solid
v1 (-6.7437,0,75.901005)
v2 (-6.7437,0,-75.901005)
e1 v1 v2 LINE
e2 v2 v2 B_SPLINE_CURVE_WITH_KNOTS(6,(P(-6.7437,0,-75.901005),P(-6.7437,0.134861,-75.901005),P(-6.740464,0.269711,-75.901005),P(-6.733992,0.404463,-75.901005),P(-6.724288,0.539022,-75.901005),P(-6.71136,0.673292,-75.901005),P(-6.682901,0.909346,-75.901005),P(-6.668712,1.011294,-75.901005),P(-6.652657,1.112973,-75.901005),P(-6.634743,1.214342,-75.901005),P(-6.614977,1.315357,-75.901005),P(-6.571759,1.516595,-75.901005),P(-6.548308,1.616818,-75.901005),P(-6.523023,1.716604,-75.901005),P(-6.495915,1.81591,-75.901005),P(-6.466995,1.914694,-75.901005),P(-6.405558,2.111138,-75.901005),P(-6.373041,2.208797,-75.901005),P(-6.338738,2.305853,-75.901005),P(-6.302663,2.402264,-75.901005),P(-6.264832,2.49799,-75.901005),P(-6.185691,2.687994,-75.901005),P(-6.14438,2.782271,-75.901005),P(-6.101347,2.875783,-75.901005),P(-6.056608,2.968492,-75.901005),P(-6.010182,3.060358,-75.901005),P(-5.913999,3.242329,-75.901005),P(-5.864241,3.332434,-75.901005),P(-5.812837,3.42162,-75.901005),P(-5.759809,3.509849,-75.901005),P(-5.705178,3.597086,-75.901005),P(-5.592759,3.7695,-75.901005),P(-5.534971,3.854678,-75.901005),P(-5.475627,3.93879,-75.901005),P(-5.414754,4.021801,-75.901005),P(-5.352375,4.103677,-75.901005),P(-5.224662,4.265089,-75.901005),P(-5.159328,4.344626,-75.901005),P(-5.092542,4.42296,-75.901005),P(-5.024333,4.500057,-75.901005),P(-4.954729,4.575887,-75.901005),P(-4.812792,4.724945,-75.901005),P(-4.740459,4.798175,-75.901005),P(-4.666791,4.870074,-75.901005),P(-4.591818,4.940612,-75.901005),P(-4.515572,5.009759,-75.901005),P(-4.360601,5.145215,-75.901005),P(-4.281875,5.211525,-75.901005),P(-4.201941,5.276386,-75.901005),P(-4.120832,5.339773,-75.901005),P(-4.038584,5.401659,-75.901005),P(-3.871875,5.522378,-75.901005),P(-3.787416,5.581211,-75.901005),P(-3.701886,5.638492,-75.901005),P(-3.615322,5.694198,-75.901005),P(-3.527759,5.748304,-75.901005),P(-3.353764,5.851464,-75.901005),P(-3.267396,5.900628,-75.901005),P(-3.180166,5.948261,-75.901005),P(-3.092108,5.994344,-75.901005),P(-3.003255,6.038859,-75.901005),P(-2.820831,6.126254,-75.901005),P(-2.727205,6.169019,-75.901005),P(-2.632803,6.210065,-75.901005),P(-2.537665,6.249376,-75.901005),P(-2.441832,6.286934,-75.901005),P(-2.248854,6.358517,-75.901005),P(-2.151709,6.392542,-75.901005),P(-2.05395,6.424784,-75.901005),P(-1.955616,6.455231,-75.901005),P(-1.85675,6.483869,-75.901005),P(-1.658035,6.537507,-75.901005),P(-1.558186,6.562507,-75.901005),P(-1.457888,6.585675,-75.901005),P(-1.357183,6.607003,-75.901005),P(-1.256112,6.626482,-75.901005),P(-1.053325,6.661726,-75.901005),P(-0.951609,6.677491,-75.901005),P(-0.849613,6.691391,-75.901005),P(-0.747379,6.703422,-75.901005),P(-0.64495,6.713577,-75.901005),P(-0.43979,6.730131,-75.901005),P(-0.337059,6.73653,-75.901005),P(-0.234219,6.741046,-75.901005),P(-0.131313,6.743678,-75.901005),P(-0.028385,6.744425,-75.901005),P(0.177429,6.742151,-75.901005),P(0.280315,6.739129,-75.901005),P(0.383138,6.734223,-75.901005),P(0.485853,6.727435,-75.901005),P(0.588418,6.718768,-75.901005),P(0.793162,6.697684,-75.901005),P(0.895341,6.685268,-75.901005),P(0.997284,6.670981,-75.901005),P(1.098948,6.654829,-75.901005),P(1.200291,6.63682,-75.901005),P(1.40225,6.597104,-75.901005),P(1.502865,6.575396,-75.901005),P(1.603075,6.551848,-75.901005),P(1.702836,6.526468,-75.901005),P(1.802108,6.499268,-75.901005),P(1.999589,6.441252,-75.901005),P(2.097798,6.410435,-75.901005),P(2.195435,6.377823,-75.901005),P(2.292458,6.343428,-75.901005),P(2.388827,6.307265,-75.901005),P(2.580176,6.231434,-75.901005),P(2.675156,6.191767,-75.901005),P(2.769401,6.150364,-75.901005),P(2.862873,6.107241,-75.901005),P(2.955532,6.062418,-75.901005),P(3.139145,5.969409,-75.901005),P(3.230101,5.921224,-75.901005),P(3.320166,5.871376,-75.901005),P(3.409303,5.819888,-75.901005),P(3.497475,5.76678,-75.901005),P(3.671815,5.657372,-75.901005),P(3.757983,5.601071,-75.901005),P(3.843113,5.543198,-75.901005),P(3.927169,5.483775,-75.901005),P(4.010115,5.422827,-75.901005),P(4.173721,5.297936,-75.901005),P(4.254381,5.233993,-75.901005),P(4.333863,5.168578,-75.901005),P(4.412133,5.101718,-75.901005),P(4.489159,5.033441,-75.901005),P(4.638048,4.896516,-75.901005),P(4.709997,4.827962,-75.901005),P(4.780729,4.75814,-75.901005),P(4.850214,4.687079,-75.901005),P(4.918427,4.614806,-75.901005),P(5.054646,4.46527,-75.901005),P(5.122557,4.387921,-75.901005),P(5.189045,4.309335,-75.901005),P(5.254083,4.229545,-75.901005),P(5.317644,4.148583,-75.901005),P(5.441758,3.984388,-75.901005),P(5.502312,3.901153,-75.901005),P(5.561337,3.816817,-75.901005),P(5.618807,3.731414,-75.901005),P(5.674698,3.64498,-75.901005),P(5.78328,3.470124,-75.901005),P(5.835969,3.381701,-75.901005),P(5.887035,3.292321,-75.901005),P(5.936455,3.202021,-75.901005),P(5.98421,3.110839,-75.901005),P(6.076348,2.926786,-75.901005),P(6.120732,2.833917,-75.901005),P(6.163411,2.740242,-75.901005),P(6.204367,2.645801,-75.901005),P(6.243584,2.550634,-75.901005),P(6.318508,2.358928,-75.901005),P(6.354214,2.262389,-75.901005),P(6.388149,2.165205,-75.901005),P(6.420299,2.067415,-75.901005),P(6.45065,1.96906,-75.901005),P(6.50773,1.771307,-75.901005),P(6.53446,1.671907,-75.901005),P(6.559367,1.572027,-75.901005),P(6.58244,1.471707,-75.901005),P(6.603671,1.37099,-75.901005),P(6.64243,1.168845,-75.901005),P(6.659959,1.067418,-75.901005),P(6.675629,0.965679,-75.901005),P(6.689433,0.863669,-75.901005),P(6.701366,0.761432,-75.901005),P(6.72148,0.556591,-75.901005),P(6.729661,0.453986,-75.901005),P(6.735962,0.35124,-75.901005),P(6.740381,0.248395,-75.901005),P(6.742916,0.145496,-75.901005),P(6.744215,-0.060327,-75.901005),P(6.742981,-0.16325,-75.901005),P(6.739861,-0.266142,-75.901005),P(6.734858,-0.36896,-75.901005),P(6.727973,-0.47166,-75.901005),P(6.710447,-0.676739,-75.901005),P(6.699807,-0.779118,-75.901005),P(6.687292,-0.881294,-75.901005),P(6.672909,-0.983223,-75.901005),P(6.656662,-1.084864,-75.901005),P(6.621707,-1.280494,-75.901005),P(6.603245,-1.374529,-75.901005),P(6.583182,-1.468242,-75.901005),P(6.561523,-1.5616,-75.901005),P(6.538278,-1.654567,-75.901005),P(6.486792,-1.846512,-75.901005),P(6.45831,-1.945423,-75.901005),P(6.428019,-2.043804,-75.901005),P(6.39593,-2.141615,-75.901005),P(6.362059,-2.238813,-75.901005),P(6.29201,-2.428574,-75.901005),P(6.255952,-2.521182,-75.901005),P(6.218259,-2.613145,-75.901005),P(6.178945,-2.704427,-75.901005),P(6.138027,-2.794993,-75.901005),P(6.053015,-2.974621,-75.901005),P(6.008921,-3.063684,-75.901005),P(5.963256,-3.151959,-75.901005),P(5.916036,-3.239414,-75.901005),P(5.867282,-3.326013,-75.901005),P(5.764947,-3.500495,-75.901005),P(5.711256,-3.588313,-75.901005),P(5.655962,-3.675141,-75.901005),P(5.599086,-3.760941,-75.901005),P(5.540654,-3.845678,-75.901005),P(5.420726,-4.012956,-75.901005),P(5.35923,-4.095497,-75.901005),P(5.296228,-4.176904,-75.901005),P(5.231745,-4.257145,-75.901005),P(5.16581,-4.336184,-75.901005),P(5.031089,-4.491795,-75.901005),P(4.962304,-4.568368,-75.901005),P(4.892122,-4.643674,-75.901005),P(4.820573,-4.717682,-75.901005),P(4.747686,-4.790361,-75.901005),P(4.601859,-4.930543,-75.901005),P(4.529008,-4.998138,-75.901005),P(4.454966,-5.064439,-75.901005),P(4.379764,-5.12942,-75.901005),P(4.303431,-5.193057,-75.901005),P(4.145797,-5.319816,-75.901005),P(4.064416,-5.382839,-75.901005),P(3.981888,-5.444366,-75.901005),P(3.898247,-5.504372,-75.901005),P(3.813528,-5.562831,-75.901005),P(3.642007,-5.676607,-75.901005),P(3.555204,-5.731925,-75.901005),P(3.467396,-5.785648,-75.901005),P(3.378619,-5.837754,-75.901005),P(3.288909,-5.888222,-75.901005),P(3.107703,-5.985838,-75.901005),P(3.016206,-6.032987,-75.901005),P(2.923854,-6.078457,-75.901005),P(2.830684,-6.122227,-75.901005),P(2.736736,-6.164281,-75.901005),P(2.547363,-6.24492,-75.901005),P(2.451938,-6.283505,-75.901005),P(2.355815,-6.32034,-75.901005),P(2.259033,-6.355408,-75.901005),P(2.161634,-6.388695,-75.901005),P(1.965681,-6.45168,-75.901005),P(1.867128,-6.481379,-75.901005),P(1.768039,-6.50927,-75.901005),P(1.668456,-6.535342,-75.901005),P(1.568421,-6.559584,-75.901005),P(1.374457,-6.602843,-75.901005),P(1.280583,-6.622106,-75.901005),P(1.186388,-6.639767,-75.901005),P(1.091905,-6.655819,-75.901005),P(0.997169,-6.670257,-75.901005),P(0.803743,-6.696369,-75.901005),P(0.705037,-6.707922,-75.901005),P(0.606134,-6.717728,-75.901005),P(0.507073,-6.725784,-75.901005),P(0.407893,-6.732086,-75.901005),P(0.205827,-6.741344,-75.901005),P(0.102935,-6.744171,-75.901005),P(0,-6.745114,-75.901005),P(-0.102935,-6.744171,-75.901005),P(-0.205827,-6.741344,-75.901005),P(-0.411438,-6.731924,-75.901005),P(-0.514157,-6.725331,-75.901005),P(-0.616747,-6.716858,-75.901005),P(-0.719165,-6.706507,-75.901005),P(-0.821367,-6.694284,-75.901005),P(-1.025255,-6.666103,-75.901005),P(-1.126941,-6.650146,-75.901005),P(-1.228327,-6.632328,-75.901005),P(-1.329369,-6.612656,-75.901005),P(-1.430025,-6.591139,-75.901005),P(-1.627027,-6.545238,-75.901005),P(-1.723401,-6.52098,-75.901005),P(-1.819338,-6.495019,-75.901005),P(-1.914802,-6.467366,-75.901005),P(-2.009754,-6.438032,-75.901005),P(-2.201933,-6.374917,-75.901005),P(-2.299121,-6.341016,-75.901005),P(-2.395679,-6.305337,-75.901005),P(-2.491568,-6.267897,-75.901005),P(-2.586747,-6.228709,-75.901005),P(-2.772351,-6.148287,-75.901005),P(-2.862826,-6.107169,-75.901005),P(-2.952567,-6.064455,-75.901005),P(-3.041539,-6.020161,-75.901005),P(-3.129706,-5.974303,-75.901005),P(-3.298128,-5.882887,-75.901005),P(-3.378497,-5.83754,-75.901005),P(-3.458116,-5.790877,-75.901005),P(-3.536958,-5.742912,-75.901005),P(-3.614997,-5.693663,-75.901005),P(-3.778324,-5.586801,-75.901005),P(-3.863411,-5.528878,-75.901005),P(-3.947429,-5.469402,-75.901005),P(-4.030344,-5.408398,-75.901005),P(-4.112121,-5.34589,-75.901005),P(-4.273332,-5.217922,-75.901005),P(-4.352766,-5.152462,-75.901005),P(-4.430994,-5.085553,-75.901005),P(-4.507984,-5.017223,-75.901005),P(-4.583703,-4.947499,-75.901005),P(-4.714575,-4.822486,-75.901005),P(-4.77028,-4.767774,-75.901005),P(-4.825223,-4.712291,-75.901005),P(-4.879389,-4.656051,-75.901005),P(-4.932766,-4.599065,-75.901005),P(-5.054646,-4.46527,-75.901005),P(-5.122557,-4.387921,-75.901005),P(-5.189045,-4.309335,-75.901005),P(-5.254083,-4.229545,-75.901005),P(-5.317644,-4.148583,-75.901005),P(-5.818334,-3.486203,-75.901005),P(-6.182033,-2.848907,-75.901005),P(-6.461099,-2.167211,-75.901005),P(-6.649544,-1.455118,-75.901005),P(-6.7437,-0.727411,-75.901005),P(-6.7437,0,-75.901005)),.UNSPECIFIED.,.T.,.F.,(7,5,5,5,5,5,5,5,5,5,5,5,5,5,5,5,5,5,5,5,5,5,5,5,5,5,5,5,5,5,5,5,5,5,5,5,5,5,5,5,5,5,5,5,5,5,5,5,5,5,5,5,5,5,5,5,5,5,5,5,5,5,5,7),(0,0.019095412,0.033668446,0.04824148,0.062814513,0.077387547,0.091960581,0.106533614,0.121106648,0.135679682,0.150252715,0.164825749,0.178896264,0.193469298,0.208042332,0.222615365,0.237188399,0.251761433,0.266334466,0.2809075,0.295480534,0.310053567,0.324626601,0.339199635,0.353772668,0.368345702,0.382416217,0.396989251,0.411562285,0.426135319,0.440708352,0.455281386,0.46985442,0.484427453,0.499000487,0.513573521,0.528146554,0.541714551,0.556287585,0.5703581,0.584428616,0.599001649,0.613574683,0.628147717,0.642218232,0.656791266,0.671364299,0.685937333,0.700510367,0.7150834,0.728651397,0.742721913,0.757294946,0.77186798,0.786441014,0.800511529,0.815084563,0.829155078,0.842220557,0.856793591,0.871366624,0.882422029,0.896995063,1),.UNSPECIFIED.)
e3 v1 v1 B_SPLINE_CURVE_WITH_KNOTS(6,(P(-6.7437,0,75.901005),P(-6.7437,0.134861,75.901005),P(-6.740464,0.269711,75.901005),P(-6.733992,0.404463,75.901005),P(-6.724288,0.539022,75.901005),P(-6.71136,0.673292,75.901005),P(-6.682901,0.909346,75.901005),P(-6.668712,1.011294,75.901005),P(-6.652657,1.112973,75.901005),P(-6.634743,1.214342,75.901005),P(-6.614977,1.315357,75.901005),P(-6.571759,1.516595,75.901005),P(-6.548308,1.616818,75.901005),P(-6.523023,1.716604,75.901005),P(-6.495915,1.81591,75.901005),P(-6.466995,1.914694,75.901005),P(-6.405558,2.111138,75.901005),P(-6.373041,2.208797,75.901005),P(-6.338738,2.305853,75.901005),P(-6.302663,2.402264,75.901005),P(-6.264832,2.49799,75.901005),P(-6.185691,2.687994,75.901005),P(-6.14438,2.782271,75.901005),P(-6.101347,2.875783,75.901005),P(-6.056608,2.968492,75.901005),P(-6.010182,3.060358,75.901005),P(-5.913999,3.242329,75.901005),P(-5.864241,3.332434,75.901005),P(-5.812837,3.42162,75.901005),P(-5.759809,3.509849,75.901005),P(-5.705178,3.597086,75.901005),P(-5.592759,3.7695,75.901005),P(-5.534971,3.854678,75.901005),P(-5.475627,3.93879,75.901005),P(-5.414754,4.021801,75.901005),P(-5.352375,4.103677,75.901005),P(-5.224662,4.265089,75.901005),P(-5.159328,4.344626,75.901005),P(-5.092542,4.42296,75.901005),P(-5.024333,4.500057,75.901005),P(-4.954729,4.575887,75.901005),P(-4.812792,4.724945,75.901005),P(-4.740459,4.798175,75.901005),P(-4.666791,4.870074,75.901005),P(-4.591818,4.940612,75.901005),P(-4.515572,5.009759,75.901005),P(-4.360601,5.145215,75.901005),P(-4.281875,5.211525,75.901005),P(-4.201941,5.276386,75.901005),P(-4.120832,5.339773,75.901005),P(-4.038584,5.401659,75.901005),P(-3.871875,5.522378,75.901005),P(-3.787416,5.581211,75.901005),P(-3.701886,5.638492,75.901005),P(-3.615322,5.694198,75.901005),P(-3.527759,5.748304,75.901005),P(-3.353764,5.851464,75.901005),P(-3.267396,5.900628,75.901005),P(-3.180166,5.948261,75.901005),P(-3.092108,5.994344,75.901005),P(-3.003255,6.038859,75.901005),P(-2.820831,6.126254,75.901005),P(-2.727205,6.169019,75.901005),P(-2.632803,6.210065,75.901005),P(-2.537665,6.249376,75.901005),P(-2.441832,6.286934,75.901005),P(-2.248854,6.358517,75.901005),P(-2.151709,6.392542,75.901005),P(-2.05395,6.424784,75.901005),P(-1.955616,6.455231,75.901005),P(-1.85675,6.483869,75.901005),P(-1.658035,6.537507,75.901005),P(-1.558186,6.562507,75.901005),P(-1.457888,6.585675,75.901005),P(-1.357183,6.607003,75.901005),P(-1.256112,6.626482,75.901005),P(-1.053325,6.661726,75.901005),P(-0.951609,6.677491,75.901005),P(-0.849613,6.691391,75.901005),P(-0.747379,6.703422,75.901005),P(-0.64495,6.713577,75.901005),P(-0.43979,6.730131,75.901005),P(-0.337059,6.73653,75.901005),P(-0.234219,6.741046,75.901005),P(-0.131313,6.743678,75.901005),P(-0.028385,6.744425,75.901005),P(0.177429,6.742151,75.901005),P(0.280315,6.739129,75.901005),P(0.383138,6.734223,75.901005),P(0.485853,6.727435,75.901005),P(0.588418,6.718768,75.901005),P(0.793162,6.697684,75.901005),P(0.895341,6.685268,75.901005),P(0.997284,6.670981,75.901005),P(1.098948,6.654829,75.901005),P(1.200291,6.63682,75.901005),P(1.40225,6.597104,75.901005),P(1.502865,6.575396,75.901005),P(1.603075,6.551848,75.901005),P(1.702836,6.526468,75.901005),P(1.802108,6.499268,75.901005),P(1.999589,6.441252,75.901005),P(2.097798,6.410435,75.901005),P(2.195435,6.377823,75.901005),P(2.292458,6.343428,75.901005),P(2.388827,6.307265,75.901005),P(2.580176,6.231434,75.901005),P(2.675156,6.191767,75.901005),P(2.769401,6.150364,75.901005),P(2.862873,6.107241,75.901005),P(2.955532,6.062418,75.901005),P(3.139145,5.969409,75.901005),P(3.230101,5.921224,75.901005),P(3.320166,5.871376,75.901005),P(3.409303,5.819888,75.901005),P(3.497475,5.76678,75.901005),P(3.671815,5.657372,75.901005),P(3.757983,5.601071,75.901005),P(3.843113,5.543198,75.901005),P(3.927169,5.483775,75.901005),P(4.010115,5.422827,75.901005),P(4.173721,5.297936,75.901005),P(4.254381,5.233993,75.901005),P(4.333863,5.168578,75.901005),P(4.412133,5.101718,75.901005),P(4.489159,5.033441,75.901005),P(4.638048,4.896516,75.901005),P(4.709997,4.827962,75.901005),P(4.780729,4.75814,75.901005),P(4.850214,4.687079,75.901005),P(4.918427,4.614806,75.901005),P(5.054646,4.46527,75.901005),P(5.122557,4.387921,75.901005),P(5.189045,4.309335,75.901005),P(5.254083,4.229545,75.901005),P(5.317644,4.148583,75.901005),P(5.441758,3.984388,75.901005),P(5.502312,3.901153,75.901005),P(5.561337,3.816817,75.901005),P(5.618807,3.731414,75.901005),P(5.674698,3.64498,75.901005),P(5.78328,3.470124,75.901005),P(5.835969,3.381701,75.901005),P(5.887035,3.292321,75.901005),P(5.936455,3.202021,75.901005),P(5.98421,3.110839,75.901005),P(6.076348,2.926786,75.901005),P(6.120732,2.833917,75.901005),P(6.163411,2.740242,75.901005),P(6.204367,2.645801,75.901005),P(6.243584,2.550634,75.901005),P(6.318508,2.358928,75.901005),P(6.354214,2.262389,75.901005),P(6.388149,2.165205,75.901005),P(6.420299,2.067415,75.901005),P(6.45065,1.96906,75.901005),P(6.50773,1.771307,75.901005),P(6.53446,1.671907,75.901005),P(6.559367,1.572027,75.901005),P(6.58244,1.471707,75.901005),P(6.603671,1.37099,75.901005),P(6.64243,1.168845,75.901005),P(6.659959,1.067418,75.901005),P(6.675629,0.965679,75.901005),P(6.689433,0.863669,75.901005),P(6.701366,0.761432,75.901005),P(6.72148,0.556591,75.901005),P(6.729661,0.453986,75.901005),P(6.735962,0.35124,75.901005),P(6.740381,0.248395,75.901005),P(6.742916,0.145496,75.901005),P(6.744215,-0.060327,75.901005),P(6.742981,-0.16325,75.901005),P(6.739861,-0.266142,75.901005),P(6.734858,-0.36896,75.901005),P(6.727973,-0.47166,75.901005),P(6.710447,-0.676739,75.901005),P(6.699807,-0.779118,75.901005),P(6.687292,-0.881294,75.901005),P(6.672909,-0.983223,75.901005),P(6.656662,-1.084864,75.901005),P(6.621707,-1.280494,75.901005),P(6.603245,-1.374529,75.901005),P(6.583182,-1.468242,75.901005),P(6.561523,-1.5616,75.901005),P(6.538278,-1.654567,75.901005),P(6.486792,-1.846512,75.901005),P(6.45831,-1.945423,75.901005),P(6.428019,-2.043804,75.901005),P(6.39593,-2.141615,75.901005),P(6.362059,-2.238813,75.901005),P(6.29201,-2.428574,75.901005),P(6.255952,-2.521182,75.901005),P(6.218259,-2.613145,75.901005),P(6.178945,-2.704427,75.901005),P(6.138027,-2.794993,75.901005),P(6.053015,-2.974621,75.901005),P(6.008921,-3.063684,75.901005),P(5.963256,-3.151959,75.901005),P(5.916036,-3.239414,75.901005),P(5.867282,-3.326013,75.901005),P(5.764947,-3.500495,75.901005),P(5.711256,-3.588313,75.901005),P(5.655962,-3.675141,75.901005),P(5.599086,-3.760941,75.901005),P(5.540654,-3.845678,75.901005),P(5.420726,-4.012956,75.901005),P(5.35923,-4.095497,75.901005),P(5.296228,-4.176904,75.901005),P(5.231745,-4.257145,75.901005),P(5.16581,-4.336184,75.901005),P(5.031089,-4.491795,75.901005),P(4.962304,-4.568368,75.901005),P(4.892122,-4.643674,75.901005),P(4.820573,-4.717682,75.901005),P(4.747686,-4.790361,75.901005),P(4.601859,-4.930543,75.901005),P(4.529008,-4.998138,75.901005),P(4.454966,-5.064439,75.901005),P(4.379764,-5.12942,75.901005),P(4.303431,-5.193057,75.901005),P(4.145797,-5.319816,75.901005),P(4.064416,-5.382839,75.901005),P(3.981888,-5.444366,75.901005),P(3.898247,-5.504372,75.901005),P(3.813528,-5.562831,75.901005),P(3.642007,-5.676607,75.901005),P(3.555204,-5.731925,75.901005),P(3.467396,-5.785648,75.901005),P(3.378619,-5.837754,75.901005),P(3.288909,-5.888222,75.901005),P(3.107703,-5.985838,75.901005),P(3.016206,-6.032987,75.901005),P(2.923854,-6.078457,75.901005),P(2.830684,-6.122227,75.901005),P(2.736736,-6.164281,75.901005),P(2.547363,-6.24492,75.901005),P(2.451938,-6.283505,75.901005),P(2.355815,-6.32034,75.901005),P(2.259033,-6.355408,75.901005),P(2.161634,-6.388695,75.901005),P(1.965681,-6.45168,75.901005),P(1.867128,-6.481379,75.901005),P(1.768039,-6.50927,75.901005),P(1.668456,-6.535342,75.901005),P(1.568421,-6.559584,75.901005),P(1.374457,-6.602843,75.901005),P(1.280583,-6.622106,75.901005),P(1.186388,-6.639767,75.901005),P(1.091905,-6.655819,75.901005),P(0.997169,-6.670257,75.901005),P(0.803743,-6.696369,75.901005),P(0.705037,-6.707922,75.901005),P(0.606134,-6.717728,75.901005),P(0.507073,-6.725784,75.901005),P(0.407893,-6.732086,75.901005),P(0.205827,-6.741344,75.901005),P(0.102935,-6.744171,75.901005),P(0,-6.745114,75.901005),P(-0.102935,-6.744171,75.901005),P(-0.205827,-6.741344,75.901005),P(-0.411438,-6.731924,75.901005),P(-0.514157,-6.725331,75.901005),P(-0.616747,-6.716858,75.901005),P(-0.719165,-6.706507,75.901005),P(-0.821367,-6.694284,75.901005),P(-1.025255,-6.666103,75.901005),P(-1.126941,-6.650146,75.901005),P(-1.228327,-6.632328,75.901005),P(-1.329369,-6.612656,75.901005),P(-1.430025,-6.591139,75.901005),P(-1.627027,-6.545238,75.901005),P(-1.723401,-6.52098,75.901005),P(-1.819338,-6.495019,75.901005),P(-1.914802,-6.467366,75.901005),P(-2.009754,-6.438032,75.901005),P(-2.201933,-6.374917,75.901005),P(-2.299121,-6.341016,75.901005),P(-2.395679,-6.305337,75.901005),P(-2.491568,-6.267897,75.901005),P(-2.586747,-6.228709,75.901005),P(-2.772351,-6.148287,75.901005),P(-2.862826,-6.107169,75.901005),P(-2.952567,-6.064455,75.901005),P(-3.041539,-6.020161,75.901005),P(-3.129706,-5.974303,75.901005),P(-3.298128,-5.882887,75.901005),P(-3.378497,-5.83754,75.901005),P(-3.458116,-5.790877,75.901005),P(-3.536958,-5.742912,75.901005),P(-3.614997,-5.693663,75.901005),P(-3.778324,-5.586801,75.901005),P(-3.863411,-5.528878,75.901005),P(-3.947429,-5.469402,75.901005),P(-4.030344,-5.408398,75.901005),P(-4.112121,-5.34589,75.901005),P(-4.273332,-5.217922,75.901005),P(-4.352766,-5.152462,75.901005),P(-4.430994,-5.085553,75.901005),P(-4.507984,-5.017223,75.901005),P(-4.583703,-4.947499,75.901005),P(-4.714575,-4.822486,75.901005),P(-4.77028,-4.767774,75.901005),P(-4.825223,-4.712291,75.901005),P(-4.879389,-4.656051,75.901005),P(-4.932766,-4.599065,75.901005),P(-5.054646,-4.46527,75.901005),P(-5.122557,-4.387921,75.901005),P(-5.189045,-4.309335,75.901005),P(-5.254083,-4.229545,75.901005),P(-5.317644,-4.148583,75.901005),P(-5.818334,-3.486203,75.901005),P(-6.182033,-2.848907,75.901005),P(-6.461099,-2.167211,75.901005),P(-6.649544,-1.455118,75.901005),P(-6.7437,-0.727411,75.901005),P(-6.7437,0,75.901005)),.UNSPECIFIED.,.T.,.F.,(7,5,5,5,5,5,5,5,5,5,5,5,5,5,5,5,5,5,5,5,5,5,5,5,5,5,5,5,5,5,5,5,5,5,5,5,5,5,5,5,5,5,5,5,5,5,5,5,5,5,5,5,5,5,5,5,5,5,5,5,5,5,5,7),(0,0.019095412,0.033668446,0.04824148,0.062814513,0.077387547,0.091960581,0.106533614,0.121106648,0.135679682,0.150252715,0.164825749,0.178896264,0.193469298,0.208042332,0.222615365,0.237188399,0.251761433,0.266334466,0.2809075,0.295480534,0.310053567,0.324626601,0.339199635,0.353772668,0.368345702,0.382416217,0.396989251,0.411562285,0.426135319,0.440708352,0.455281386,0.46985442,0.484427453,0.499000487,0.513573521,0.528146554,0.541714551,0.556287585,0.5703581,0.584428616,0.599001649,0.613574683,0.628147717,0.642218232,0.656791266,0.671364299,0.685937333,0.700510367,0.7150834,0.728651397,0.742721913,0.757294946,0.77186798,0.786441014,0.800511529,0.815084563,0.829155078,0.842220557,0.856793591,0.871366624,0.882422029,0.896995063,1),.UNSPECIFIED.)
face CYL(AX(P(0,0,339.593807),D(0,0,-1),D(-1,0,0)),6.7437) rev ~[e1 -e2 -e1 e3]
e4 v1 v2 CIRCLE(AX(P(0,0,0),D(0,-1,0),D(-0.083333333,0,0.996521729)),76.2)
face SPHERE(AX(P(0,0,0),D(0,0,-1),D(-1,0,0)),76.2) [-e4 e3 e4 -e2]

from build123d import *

# Parameters (mm, degrees)
F0_W = 6.35
F0_H = 75.9349557187
F3_D = 13.4874


with BuildPart() as f1:
    # F0 (on Front) → F1 (revolve)
    with BuildSketch(Plane.XZ):
        with Locations((-3.175, 37.9674778593)):
            Rectangle(F0_W, F0_H)
        with Locations((-3.175, -37.9674778593)):
            Rectangle(F0_W, F0_H)
        with BuildLine():
            Line((-6.35, 0), (-6.35, 75.9349557187))
            ThreePointArc((-6.35, 75.9349557187), (-76.2, 0), (-6.35, -75.9349557187))
            Line((-6.35, -75.9349557187), (-6.35, 0))
        make_face()
    revolve(axis=Axis((0, 0, 0), (0, 0, -1)))

    # F3 (through all)
    with Locations(Plane.XY.offset(75.9349557187)):
        with Locations((0, 0)):
            Hole(F3_D / 2)


solid = f1.part
